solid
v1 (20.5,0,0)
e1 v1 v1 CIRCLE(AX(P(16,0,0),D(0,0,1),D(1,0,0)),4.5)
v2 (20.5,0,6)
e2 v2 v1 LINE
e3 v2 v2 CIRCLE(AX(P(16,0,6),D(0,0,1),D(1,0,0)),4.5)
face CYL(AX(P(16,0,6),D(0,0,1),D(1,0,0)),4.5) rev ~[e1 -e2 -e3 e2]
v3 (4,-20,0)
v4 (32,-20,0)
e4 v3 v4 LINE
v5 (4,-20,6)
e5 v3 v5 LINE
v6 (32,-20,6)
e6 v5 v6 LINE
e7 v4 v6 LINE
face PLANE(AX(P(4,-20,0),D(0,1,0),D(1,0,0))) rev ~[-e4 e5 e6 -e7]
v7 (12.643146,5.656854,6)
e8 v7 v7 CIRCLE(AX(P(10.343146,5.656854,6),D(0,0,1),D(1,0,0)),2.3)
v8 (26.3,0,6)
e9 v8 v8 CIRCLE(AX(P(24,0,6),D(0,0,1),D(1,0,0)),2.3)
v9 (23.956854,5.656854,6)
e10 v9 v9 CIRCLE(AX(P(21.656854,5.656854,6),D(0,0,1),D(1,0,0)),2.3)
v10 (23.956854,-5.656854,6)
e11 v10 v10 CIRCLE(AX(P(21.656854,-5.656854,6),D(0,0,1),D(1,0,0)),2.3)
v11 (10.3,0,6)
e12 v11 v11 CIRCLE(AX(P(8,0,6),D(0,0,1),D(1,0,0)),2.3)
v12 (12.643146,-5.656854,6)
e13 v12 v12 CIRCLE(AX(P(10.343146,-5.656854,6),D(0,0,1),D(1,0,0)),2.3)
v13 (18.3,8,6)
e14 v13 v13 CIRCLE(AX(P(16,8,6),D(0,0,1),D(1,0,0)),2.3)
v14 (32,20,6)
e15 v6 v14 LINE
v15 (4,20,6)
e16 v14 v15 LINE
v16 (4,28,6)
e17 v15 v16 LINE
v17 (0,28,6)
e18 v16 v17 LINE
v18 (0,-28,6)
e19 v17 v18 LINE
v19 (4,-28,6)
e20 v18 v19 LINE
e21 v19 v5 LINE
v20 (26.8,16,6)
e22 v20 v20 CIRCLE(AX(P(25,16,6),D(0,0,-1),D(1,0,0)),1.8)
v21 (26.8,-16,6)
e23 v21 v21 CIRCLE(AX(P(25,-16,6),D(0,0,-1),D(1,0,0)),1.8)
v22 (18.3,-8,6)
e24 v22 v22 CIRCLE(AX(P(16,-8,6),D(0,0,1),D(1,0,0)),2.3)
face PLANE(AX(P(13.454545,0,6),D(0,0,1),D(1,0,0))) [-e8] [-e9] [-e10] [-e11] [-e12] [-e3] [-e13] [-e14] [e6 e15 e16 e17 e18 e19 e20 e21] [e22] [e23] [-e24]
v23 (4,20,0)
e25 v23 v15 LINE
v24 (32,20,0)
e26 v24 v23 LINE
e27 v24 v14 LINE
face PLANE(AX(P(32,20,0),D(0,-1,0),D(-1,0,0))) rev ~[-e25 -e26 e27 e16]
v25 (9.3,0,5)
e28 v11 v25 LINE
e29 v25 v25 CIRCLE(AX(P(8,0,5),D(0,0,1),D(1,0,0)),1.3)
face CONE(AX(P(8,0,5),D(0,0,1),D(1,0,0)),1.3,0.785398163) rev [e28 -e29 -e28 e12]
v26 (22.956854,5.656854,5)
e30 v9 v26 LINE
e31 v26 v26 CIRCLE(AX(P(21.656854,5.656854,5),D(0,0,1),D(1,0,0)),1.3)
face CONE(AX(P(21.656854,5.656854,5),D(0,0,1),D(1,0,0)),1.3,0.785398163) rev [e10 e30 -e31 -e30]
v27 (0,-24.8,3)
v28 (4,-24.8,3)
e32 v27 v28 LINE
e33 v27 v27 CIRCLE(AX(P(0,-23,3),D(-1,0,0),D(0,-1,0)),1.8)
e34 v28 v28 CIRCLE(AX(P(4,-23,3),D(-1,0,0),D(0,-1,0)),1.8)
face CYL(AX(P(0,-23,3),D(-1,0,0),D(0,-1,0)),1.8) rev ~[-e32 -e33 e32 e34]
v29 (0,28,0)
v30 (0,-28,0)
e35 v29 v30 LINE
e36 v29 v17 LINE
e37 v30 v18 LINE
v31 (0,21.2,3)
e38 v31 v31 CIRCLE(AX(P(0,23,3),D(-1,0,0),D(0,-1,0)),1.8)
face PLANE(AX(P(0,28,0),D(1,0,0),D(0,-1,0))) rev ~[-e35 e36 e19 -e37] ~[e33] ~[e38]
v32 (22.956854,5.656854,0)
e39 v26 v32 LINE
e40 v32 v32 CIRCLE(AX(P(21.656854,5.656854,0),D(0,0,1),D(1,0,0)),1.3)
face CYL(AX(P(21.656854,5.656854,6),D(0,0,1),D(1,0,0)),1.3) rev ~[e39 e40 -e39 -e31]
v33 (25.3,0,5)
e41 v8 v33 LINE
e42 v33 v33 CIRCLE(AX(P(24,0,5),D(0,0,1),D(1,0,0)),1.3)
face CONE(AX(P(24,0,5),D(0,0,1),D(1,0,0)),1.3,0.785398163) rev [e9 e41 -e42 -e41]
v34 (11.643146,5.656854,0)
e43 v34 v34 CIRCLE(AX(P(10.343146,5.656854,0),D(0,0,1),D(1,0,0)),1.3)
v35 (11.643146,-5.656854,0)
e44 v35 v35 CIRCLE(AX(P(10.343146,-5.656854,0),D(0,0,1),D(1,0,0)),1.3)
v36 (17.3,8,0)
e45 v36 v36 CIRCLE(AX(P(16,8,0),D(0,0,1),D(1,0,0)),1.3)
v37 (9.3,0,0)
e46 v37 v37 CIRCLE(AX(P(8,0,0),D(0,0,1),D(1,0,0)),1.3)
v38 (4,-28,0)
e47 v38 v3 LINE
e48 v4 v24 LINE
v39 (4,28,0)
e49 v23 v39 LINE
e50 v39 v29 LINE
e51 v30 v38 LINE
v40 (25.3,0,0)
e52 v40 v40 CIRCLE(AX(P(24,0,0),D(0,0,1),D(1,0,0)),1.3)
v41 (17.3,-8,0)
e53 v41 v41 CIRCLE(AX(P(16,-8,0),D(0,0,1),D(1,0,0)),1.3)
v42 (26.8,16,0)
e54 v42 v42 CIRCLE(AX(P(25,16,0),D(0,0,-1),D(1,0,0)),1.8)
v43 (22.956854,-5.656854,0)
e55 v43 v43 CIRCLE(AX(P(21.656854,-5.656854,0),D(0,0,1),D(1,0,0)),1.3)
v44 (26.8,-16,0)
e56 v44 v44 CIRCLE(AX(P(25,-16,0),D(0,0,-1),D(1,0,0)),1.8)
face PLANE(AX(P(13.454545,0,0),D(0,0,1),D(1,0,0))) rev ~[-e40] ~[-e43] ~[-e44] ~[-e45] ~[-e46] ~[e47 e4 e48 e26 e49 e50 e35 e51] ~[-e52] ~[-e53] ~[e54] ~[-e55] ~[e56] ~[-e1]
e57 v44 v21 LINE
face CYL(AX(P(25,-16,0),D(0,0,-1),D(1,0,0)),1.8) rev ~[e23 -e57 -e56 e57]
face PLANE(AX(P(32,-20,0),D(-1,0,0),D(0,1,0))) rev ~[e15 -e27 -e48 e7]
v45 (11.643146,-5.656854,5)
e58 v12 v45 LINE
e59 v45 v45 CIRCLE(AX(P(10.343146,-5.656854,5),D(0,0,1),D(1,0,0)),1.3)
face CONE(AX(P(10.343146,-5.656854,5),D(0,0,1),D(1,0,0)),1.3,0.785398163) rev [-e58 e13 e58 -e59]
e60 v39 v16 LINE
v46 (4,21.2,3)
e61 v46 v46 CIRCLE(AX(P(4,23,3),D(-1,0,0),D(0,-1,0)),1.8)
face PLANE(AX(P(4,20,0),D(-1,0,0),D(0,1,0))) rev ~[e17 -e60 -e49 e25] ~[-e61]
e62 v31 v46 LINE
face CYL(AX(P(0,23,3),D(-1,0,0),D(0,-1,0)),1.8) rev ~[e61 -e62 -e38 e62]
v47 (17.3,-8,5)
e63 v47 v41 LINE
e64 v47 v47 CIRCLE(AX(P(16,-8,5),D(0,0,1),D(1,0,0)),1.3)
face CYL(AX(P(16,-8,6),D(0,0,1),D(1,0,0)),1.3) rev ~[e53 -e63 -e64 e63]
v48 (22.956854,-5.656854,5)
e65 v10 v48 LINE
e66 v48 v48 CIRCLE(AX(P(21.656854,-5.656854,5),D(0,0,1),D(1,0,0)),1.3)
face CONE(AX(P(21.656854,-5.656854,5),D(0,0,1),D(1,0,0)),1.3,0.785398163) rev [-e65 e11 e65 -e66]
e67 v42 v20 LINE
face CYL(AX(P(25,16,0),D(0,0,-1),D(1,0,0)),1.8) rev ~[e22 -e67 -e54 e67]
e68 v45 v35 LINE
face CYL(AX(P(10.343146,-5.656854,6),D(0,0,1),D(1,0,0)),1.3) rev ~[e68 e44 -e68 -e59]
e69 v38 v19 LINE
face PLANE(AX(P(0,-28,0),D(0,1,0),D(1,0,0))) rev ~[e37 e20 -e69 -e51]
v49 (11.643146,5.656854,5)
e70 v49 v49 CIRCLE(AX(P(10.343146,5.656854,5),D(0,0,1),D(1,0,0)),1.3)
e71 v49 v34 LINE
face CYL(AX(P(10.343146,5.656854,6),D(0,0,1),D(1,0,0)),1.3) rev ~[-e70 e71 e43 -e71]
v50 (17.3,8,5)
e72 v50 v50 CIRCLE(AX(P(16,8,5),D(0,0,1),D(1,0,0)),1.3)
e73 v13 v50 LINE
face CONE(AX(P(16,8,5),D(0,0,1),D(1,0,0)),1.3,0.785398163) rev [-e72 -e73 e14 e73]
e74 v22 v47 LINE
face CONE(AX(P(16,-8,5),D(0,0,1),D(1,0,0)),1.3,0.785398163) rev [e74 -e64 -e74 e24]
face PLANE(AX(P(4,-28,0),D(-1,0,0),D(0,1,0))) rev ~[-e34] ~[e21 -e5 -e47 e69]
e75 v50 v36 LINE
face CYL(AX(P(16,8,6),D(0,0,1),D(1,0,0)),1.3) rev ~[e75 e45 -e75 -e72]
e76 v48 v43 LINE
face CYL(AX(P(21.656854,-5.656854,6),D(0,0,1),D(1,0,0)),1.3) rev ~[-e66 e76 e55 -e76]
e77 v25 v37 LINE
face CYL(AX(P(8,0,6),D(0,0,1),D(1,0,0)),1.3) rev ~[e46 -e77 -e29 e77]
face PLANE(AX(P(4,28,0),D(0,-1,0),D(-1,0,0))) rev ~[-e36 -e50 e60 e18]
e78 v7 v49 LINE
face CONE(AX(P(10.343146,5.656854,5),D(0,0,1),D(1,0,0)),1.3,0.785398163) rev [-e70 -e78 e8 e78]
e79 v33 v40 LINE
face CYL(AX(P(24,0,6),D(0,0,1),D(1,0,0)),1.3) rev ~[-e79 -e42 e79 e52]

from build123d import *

# Parameters (mm, degrees)
PAD_DEPTH       = 6
SKETCH002_R     = 4.5
SKETCH002_R_2   = 1.3
POCKET001_DEPTH = 20
SKETCH005_R     = 1.8
POCKET_DEPTH    = 5
SKETCH006_R     = 1.8
POCKET002_DEPTH = 6
CHAMFER_SIZE    = 1


with BuildPart() as part:
    # Sketch → Pad (new body)
    with BuildSketch(Plane.XY):
        Polygon((0, 20), (0, -20), (0, -28), (4, -28), (4, -20), (32, -20), (32, 20), (4, 20), (4, 28), (0, 28), align=None)
    extrude(amount=PAD_DEPTH)

    # Sketch002 → Pocket001 (cut)
    with BuildSketch(Plane.XY.offset(6)):
        with Locations((16, 0)):
            Circle(SKETCH002_R)
        with Locations((16, 8)):
            Circle(SKETCH002_R_2)
        with Locations((21.656854, 5.656854)):
            Circle(SKETCH002_R_2)
        with Locations((24, 0)):
            Circle(SKETCH002_R_2)
        with Locations((21.656854, -5.656854)):
            Circle(SKETCH002_R_2)
        with Locations((16, -8)):
            Circle(SKETCH002_R_2)
        with Locations((10.343146, -5.656854)):
            Circle(SKETCH002_R_2)
        with Locations((8, 0)):
            Circle(SKETCH002_R_2)
        with Locations((10.343146, 5.656854)):
            Circle(SKETCH002_R_2)
    extrude(amount=-POCKET001_DEPTH, mode=Mode.SUBTRACT)

    # Sketch005 → Pocket (cut)
    with BuildSketch(Plane(origin=(0, 0, 0), x_dir=(0, -1, 0), z_dir=(-1, 0, 0))):
        with Locations((23, 3)):
            Circle(SKETCH005_R)
        with Locations((-23, 3)):
            Circle(SKETCH005_R)
    extrude(amount=-POCKET_DEPTH, mode=Mode.SUBTRACT)

    # Sketch006 (on Face4 of Pocket) → Pocket002 (cut)
    with BuildSketch(Plane(origin=(0, 0, 0), x_dir=(1, 0, 0), z_dir=(0, 0, -1))):
        with Locations((25, 16)):
            Circle(SKETCH006_R)
        with Locations((25, -16)):
            Circle(SKETCH006_R)
    extrude(amount=-POCKET002_DEPTH, mode=Mode.SUBTRACT)

    # Chamfer
    chamfer_edges = [part.edges().sort_by_distance(p)[0] for p in [
        (20.356854, -5.656854, 6),
        (22.7, 0, 6),
        (20.356854, 5.656854, 6),
        (14.7, 8, 6),
        (9.043146, 5.656854, 6),
        (6.7, 0, 6),
        (9.043146, -5.656854, 6),
        (14.7, -8, 6),
    ]]
    chamfer(chamfer_edges, length=CHAMFER_SIZE)


solid = part.part
